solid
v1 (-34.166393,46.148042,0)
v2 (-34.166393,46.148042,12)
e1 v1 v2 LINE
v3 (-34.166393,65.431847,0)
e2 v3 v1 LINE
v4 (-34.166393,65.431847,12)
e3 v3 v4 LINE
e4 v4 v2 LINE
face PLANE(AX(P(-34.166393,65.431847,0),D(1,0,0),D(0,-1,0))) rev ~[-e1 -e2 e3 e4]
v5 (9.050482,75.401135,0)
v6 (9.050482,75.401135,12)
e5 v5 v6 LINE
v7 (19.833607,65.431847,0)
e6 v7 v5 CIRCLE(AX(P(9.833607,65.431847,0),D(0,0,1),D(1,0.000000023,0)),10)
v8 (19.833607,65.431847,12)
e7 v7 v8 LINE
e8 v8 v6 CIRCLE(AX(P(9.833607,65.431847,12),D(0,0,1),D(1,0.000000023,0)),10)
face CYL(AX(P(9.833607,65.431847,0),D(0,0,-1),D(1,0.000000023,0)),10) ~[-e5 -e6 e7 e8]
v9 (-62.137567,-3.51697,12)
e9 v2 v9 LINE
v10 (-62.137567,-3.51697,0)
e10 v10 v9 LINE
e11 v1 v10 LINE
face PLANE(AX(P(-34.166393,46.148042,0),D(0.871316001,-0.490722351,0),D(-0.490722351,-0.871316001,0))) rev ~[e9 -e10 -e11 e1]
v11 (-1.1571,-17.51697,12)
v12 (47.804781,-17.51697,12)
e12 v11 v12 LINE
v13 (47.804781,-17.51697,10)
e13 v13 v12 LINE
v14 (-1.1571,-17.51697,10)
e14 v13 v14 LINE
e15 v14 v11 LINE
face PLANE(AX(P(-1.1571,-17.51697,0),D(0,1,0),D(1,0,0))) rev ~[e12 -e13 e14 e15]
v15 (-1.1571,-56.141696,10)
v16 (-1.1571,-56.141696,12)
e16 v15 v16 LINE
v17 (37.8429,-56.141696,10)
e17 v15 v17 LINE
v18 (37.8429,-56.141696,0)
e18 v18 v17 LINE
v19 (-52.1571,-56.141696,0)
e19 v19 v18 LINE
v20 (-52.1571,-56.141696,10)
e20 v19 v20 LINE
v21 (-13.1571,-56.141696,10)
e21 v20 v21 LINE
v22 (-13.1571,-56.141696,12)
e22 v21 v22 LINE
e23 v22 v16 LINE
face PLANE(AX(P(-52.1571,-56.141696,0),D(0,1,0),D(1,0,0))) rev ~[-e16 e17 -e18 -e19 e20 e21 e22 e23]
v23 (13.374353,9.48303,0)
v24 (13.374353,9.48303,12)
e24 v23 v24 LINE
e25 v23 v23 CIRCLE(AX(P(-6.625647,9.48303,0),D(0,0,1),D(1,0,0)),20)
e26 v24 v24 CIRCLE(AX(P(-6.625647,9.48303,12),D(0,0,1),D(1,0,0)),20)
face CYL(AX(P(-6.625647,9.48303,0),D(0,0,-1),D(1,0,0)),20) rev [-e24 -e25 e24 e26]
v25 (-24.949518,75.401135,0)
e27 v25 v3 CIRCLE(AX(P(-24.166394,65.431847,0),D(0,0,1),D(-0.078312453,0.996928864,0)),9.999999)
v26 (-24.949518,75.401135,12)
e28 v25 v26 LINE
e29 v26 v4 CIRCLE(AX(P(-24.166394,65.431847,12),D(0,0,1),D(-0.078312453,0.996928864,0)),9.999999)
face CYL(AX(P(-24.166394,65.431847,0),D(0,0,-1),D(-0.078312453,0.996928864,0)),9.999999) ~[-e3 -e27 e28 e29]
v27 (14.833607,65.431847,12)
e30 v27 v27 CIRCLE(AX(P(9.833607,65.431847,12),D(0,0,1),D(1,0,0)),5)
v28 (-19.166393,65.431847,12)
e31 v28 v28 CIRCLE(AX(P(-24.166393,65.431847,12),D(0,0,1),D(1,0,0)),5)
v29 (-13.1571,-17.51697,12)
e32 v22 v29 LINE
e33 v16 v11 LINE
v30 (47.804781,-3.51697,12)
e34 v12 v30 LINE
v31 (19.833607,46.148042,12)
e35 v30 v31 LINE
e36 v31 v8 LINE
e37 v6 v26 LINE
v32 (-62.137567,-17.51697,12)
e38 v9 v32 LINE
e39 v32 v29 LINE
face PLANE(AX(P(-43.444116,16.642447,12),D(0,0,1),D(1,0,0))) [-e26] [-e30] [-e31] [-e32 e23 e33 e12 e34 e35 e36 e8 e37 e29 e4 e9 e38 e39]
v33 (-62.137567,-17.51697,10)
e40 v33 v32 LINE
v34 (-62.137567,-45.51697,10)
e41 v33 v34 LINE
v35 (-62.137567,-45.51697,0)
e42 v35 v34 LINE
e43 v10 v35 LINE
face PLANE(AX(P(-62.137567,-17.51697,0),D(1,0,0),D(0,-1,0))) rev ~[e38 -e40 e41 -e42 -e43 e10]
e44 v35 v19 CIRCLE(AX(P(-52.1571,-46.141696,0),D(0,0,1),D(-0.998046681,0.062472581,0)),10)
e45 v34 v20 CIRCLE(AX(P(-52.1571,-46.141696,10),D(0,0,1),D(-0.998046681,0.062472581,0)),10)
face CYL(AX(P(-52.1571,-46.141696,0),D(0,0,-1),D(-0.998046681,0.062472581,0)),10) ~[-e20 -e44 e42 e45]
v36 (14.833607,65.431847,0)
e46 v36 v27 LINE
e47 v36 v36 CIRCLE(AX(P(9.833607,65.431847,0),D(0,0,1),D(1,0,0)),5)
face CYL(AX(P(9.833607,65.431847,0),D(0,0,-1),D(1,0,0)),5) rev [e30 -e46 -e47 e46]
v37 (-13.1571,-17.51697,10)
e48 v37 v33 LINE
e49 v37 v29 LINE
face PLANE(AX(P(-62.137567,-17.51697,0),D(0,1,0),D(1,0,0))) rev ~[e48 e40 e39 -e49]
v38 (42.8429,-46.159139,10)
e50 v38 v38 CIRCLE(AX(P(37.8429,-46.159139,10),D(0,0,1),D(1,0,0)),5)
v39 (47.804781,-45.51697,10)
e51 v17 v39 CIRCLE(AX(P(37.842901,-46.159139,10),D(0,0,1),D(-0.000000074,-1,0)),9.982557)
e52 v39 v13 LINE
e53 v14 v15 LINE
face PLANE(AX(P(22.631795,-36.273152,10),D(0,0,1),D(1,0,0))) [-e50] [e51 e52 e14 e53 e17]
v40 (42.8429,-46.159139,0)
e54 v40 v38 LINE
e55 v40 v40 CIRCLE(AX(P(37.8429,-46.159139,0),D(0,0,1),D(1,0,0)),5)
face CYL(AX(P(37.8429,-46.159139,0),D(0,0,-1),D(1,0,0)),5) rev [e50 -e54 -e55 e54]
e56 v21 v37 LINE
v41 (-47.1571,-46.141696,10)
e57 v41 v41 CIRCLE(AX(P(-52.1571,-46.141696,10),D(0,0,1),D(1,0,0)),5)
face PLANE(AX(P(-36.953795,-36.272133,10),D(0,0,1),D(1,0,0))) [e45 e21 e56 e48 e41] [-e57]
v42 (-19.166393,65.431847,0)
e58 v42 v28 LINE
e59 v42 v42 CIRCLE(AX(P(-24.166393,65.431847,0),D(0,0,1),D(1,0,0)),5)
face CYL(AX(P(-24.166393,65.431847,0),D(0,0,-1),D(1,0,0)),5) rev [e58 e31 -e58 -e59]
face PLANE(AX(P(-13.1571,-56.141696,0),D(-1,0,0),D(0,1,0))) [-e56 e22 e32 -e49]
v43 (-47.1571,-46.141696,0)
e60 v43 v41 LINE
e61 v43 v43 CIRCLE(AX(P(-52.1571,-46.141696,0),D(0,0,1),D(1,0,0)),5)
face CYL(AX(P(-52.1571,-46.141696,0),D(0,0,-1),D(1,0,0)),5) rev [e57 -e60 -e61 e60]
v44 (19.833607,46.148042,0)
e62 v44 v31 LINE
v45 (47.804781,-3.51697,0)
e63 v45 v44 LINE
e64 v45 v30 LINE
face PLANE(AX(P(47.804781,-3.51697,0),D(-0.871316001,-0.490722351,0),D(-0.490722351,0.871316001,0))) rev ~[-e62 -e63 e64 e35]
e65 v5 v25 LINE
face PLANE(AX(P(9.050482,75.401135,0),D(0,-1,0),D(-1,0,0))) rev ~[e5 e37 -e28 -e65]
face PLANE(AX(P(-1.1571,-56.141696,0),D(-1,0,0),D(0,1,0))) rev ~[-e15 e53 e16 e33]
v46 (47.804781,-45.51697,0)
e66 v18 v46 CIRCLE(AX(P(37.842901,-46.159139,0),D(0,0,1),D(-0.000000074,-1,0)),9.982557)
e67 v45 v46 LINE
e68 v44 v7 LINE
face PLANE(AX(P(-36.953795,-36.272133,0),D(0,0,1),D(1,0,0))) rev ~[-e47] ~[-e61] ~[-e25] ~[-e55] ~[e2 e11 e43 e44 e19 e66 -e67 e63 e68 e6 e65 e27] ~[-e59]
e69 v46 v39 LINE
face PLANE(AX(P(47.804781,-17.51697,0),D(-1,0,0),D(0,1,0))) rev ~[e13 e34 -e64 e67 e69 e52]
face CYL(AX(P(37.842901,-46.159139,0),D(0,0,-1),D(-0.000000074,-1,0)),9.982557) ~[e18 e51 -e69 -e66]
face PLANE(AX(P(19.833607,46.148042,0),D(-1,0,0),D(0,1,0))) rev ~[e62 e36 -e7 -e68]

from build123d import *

# Parameters (mm, degrees)
F0_W     = 12
F0_H     = 38.624726
F0_R     = 5
F0_R_2   = 20
F1_DEPTH = 12
F2_DEPTH = 10


with BuildPart() as f1:
    # F0 (on Top) → F1 (new body)
    with BuildSketch(Plane.XY):
        with BuildLine():
            Line((-34.166393, 46.148042), (-62.137567, -3.51697))
            Line((-62.137567, -3.51697), (-41.137567, -3.51697))
            ThreePointArc((-41.137567, -3.51697), (-36.41752, -1.686221), (-34.166393, 2.848414))
            ThreePointArc((-34.166393, 2.848414), (-36.42863, 14.856326), (-34.166393, 26.864238))
            Line((-34.166393, 26.864238), (-34.166393, 46.148042))
        make_face()
        with BuildLine():
            Line((26.804781, -3.51697), (47.804781, -3.51697))
            Line((47.804781, -3.51697), (19.833607, 46.148042))
            Line((19.833607, 46.148042), (19.833607, 26.864238))
            ThreePointArc((19.833607, 26.864238), (22.095845, 14.856326), (19.833607, 2.848414))
            ThreePointArc((19.833607, 2.848414), (22.084734, -1.686221), (26.804781, -3.51697))
        make_face()
        with Locations((-7.1571, -36.829333)):
            Rectangle(F0_W, F0_H)
        with BuildLine():
            Line((-34.166393, 65.431847), (-34.166393, 54.431847))
            Line((-34.166393, 54.431847), (19.833607, 54.431847))
            Line((19.833607, 54.431847), (19.833607, 65.431847))
            ThreePointArc((19.833607, 65.431847), (16.622155, 72.774572), (9.050482, 75.401135))
            Line((9.050482, 75.401135), (-24.949518, 75.401135))
            ThreePointArc((-24.949518, 75.401135), (-31.509119, 72.220394), (-34.166393, 65.431847))
        make_face()
        with Locations((-24.166393, 65.431847)):
            Circle(F0_R, mode=Mode.SUBTRACT)
        with Locations((9.833607, 65.431847)):
            Circle(F0_R, mode=Mode.SUBTRACT)
        with BuildLine():
            Line((-62.137567, -17.51697), (-13.1571, -17.51697))
            Line((-13.1571, -17.51697), (-1.1571, -17.51697))
            Line((-1.1571, -17.51697), (47.804781, -17.51697))
            Line((47.804781, -17.51697), (47.804781, -3.51697))
            Line((47.804781, -3.51697), (26.804781, -3.51697))
            ThreePointArc((26.804781, -3.51697), (22.084734, -1.686221), (19.833607, 2.848414))
            ThreePointArc((19.833607, 2.848414), (22.095845, 14.856326), (19.833607, 26.864238))
            Line((19.833607, 26.864238), (19.833607, 46.148042))
            Line((19.833607, 46.148042), (19.833607, 54.431847))
            Line((19.833607, 54.431847), (-34.166393, 54.431847))
            Line((-34.166393, 54.431847), (-34.166393, 46.148042))
            Line((-34.166393, 46.148042), (-34.166393, 26.864238))
            ThreePointArc((-34.166393, 26.864238), (-36.42863, 14.856326), (-34.166393, 2.848414))
            ThreePointArc((-34.166393, 2.848414), (-36.41752, -1.686221), (-41.137567, -3.51697))
            Line((-41.137567, -3.51697), (-62.137567, -3.51697))
            Line((-62.137567, -3.51697), (-62.137567, -17.51697))
        make_face()
        with Locations((-6.625647, 9.48303)):
            Circle(F0_R_2, mode=Mode.SUBTRACT)
    extrude(amount=F1_DEPTH)

    # F0 (on Top) → F2 (join)
    with BuildSketch(Plane.XY):
        with BuildLine():
            ThreePointArc((-62.137567, -45.51697), (-59.445696, -52.988328), (-52.1571, -56.141696))
            Line((-52.1571, -56.141696), (-13.1571, -56.141696))
            Line((-13.1571, -56.141696), (-13.1571, -17.51697))
            Line((-13.1571, -17.51697), (-62.137567, -17.51697))
            Line((-62.137567, -17.51697), (-62.137567, -45.51697))
        make_face()
        with Locations((-52.1571, -46.141696)):
            Circle(F0_R, mode=Mode.SUBTRACT)
        with BuildLine():
            Line((-1.1571, -17.51697), (-1.1571, -56.141696))
            Line((-1.1571, -56.141696), (37.8429, -56.141696))
            ThreePointArc((37.8429, -56.141696), (45.125137, -52.987058), (47.804781, -45.51697))
            Line((47.804781, -45.51697), (47.804781, -17.51697))
            Line((47.804781, -17.51697), (-1.1571, -17.51697))
        make_face()
        with Locations((37.8429, -46.159139)):
            Circle(F0_R, mode=Mode.SUBTRACT)
    extrude(amount=F2_DEPTH)


solid = f1.part
